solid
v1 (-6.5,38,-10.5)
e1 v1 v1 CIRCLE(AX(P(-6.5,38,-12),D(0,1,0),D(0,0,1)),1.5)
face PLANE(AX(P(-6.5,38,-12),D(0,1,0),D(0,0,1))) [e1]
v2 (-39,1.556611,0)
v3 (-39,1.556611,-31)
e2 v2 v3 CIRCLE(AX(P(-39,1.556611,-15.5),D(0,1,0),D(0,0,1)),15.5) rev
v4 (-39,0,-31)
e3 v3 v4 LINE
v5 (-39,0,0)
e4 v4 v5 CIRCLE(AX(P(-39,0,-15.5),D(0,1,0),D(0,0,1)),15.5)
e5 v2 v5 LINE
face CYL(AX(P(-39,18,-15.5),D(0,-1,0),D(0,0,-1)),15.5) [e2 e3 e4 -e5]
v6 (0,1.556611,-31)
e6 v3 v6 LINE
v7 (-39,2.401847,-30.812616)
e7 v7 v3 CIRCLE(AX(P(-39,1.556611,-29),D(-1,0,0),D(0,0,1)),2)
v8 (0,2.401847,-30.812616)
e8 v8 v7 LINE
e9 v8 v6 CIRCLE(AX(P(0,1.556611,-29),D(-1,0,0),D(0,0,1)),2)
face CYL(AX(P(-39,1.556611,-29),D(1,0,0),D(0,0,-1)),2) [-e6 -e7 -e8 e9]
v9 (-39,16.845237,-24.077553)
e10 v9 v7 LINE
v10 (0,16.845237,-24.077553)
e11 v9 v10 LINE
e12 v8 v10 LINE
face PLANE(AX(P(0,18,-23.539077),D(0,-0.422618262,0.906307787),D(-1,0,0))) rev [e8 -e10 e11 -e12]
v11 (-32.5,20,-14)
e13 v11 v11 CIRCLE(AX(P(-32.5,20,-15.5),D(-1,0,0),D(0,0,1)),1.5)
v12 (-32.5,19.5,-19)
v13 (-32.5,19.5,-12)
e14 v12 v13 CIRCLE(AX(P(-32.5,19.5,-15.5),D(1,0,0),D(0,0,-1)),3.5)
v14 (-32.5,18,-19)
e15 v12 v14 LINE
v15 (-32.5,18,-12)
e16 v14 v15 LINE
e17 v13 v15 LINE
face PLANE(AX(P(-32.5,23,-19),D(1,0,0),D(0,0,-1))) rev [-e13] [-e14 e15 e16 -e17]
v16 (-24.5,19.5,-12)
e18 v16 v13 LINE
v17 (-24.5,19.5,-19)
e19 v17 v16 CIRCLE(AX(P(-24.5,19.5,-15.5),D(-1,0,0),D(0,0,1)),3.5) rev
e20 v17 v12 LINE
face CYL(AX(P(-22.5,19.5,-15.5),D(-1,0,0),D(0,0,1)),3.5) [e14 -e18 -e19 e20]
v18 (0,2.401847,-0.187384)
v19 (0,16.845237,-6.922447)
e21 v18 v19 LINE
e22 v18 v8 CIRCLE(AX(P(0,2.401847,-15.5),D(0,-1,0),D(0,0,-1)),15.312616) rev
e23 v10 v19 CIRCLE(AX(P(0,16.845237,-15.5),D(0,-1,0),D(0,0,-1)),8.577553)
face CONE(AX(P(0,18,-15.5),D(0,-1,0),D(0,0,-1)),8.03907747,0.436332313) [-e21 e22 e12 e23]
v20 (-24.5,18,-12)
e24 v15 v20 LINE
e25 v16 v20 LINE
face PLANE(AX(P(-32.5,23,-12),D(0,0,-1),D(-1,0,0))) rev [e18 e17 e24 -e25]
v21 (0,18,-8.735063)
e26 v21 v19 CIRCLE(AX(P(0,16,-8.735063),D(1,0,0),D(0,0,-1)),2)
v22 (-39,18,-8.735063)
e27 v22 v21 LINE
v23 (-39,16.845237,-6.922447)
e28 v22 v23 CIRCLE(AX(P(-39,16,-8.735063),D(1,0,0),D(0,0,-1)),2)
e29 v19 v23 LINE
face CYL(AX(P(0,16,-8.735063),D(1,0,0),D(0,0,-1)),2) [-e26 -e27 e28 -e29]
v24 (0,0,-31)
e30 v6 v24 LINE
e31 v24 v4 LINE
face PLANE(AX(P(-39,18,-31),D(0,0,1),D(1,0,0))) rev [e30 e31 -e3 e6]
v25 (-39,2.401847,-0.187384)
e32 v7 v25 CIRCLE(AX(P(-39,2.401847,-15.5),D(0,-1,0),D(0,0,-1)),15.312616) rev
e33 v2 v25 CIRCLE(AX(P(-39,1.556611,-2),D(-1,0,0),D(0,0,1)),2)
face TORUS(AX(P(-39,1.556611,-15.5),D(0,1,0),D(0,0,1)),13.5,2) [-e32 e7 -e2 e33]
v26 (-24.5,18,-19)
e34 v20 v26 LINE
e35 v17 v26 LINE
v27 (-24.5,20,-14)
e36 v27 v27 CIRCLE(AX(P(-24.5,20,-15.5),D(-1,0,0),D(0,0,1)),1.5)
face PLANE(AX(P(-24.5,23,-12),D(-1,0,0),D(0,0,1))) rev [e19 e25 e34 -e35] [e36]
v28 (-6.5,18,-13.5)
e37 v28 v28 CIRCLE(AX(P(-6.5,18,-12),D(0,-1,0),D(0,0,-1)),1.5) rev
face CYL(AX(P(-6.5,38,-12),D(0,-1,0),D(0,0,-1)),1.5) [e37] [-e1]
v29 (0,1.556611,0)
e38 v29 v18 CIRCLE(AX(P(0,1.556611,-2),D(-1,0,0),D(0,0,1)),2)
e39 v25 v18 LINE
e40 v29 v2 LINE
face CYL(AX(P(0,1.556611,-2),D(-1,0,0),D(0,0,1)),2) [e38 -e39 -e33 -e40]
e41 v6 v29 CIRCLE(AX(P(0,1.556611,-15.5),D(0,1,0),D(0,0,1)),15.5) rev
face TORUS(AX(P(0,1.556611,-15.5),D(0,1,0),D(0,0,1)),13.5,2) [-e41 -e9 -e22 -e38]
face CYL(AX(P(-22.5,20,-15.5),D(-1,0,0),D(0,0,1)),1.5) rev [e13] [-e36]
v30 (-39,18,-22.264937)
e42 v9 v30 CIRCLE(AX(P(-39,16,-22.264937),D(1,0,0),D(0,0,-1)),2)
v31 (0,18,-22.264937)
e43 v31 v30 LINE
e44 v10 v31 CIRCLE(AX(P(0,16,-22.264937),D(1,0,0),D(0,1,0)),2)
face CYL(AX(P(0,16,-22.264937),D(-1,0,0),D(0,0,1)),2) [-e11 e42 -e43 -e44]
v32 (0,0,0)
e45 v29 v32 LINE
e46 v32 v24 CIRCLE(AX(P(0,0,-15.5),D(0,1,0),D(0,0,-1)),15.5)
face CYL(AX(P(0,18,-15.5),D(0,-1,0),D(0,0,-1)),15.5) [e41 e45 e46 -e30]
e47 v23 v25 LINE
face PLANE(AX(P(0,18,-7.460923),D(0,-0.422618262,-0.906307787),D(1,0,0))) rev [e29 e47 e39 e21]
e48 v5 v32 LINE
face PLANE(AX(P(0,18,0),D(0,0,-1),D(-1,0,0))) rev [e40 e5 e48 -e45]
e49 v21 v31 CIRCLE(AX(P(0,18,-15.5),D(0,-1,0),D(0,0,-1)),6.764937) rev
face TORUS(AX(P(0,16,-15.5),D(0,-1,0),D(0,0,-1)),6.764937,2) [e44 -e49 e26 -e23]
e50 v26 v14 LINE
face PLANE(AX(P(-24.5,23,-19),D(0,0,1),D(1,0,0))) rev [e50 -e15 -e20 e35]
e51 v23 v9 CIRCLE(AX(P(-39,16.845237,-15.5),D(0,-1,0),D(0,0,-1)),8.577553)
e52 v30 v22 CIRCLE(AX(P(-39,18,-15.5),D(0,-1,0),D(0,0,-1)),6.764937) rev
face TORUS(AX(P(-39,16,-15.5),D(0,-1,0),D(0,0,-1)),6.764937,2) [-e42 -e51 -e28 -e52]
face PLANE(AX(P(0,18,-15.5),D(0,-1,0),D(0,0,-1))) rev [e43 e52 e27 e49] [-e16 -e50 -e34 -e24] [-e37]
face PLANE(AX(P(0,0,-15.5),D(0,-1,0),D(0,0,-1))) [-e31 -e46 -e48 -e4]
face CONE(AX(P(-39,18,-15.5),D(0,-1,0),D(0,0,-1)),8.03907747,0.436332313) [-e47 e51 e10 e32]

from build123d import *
from OCP.BRepFilletAPI import BRepFilletAPI_MakeChamfer

# Parameters (mm, degrees)
BOSS_EXTRUDE1_DEPTH = 18
SKETCH2_R           = 1.5
BOSS_EXTRUDE2_DEPTH = 20
SKETCH3_W           = 8
SKETCH3_H           = 7
BOSS_EXTRUDE3_DEPTH = 5
SKETCH4_R           = 1.5
CUT_EXTRUDE1_DEPTH  = 10
CHAMFER1_SIZE       = 16
CHAMFER1_SIZE2      = 7.46092253
FILLET3_R           = 2


with BuildPart() as part:
    # Sketch1 → Boss-Extrude1 (new body)
    with BuildSketch(Plane(origin=(0, 0, 0), x_dir=(1, 0, 0), z_dir=(0, 1, 0))):
        with BuildLine():
            Line((0, 0), (-39, 0))
            ThreePointArc((-39, 0), (-54.5, 15.5), (-39, 31))
            Line((-39, 31), (0, 31))
            ThreePointArc((0, 31), (15.5, 15.5), (0, 0))
        make_face()
    extrude(amount=BOSS_EXTRUDE1_DEPTH)

    # Sketch2 → Boss-Extrude2 (add)
    with BuildSketch(Plane(origin=(0, 18, 0), x_dir=(1, 0, 0), z_dir=(0, 1, 0))):
        with Locations(Location((-6.5, 12, 0), (0, 0, 90))):
            Circle(SKETCH2_R)
    extrude(amount=BOSS_EXTRUDE2_DEPTH)

    # Sketch3 → Boss-Extrude3 (add)
    with BuildSketch(Plane(origin=(0, 18, 0), x_dir=(1, 0, 0), z_dir=(0, 1, 0))):
        with Locations((-28.5, 15.5)):
            Rectangle(SKETCH3_W, SKETCH3_H)
    extrude(amount=BOSS_EXTRUDE3_DEPTH)

    # Sketch4 → Cut-Extrude1 (cut)
    with BuildSketch(Plane.ZY.offset(32.5)):
        with Locations((-15.5, 20)):
            Circle(SKETCH4_R)
        with BuildLine():
            Line((-19, 19.5), (-19, 26.550877956))
            Line((-19, 26.550877956), (-12, 26.550877956))
            Line((-12, 26.550877956), (-12, 19.5))
            ThreePointArc((-12, 19.5), (-15.5, 23), (-19, 19.5))
        make_face()
    extrude(amount=-CUT_EXTRUDE1_DEPTH, mode=Mode.SUBTRACT)

    # Chamfer1: one chamfer whose edges measure the first distance from different faces: ONE call of the kernel's chamfer builder (chamfer() names one face for all edges)
    chamfer1_edges_1 = [part.edges().sort_by_distance(p)[0] for p in [
        (-54.5, 18, -15.5),
    ]]
    chamfer1_side_1 = [part.faces().sort_by_distance(p)[0] for p in [
        (-54.5, 9, -15.5),
    ]]
    chamfer1_edges_2 = [part.edges().sort_by_distance(p)[0] for p in [
        (-19.5, 18, 0),
    ]]
    chamfer1_side_2 = [part.faces().sort_by_distance(p)[0] for p in [
        (-19.5, 9, 0),
    ]]
    chamfer1_edges_3 = [part.edges().sort_by_distance(p)[0] for p in [
        (15.5, 18, -15.5),
    ]]
    chamfer1_side_3 = [part.faces().sort_by_distance(p)[0] for p in [
        (15.5, 9, -15.5),
    ]]
    chamfer1_edges_4 = [part.edges().sort_by_distance(p)[0] for p in [
        (-19.5, 18, -31),
    ]]
    chamfer1_side_4 = [part.faces().sort_by_distance(p)[0] for p in [
        (-19.5, 9, -31),
    ]]
    chamfer1 = BRepFilletAPI_MakeChamfer(part.part.solid().wrapped)
    for e in chamfer1_edges_1:
        chamfer1.Add(CHAMFER1_SIZE, CHAMFER1_SIZE2, e.wrapped, chamfer1_side_1[0].wrapped)  # the first distance lies on this face
    for e in chamfer1_edges_2:
        chamfer1.Add(CHAMFER1_SIZE, CHAMFER1_SIZE2, e.wrapped, chamfer1_side_2[0].wrapped)  # the first distance lies on this face
    for e in chamfer1_edges_3:
        chamfer1.Add(CHAMFER1_SIZE, CHAMFER1_SIZE2, e.wrapped, chamfer1_side_3[0].wrapped)  # the first distance lies on this face
    for e in chamfer1_edges_4:
        chamfer1.Add(CHAMFER1_SIZE, CHAMFER1_SIZE2, e.wrapped, chamfer1_side_4[0].wrapped)  # the first distance lies on this face
    add(Compound.cast(chamfer1.Shape()), mode=Mode.REPLACE)

    # Fillet3
    fillet3_edges = [part.edges().sort_by_distance(p)[0] for p in [
        (-19.5, 18, -23.53907747),
        (-47.03907747, 18, -15.5),
        (8.03907747, 18, -15.5),
        (-19.5, 18, -7.46092253),
        (-19.5, 2, 0),
        (15.5, 2, -15.5),
        (-54.5, 2, -15.5),
        (-19.5, 2, -31),
    ]]
    fillet(fillet3_edges, radius=FILLET3_R)


solid = part.part
